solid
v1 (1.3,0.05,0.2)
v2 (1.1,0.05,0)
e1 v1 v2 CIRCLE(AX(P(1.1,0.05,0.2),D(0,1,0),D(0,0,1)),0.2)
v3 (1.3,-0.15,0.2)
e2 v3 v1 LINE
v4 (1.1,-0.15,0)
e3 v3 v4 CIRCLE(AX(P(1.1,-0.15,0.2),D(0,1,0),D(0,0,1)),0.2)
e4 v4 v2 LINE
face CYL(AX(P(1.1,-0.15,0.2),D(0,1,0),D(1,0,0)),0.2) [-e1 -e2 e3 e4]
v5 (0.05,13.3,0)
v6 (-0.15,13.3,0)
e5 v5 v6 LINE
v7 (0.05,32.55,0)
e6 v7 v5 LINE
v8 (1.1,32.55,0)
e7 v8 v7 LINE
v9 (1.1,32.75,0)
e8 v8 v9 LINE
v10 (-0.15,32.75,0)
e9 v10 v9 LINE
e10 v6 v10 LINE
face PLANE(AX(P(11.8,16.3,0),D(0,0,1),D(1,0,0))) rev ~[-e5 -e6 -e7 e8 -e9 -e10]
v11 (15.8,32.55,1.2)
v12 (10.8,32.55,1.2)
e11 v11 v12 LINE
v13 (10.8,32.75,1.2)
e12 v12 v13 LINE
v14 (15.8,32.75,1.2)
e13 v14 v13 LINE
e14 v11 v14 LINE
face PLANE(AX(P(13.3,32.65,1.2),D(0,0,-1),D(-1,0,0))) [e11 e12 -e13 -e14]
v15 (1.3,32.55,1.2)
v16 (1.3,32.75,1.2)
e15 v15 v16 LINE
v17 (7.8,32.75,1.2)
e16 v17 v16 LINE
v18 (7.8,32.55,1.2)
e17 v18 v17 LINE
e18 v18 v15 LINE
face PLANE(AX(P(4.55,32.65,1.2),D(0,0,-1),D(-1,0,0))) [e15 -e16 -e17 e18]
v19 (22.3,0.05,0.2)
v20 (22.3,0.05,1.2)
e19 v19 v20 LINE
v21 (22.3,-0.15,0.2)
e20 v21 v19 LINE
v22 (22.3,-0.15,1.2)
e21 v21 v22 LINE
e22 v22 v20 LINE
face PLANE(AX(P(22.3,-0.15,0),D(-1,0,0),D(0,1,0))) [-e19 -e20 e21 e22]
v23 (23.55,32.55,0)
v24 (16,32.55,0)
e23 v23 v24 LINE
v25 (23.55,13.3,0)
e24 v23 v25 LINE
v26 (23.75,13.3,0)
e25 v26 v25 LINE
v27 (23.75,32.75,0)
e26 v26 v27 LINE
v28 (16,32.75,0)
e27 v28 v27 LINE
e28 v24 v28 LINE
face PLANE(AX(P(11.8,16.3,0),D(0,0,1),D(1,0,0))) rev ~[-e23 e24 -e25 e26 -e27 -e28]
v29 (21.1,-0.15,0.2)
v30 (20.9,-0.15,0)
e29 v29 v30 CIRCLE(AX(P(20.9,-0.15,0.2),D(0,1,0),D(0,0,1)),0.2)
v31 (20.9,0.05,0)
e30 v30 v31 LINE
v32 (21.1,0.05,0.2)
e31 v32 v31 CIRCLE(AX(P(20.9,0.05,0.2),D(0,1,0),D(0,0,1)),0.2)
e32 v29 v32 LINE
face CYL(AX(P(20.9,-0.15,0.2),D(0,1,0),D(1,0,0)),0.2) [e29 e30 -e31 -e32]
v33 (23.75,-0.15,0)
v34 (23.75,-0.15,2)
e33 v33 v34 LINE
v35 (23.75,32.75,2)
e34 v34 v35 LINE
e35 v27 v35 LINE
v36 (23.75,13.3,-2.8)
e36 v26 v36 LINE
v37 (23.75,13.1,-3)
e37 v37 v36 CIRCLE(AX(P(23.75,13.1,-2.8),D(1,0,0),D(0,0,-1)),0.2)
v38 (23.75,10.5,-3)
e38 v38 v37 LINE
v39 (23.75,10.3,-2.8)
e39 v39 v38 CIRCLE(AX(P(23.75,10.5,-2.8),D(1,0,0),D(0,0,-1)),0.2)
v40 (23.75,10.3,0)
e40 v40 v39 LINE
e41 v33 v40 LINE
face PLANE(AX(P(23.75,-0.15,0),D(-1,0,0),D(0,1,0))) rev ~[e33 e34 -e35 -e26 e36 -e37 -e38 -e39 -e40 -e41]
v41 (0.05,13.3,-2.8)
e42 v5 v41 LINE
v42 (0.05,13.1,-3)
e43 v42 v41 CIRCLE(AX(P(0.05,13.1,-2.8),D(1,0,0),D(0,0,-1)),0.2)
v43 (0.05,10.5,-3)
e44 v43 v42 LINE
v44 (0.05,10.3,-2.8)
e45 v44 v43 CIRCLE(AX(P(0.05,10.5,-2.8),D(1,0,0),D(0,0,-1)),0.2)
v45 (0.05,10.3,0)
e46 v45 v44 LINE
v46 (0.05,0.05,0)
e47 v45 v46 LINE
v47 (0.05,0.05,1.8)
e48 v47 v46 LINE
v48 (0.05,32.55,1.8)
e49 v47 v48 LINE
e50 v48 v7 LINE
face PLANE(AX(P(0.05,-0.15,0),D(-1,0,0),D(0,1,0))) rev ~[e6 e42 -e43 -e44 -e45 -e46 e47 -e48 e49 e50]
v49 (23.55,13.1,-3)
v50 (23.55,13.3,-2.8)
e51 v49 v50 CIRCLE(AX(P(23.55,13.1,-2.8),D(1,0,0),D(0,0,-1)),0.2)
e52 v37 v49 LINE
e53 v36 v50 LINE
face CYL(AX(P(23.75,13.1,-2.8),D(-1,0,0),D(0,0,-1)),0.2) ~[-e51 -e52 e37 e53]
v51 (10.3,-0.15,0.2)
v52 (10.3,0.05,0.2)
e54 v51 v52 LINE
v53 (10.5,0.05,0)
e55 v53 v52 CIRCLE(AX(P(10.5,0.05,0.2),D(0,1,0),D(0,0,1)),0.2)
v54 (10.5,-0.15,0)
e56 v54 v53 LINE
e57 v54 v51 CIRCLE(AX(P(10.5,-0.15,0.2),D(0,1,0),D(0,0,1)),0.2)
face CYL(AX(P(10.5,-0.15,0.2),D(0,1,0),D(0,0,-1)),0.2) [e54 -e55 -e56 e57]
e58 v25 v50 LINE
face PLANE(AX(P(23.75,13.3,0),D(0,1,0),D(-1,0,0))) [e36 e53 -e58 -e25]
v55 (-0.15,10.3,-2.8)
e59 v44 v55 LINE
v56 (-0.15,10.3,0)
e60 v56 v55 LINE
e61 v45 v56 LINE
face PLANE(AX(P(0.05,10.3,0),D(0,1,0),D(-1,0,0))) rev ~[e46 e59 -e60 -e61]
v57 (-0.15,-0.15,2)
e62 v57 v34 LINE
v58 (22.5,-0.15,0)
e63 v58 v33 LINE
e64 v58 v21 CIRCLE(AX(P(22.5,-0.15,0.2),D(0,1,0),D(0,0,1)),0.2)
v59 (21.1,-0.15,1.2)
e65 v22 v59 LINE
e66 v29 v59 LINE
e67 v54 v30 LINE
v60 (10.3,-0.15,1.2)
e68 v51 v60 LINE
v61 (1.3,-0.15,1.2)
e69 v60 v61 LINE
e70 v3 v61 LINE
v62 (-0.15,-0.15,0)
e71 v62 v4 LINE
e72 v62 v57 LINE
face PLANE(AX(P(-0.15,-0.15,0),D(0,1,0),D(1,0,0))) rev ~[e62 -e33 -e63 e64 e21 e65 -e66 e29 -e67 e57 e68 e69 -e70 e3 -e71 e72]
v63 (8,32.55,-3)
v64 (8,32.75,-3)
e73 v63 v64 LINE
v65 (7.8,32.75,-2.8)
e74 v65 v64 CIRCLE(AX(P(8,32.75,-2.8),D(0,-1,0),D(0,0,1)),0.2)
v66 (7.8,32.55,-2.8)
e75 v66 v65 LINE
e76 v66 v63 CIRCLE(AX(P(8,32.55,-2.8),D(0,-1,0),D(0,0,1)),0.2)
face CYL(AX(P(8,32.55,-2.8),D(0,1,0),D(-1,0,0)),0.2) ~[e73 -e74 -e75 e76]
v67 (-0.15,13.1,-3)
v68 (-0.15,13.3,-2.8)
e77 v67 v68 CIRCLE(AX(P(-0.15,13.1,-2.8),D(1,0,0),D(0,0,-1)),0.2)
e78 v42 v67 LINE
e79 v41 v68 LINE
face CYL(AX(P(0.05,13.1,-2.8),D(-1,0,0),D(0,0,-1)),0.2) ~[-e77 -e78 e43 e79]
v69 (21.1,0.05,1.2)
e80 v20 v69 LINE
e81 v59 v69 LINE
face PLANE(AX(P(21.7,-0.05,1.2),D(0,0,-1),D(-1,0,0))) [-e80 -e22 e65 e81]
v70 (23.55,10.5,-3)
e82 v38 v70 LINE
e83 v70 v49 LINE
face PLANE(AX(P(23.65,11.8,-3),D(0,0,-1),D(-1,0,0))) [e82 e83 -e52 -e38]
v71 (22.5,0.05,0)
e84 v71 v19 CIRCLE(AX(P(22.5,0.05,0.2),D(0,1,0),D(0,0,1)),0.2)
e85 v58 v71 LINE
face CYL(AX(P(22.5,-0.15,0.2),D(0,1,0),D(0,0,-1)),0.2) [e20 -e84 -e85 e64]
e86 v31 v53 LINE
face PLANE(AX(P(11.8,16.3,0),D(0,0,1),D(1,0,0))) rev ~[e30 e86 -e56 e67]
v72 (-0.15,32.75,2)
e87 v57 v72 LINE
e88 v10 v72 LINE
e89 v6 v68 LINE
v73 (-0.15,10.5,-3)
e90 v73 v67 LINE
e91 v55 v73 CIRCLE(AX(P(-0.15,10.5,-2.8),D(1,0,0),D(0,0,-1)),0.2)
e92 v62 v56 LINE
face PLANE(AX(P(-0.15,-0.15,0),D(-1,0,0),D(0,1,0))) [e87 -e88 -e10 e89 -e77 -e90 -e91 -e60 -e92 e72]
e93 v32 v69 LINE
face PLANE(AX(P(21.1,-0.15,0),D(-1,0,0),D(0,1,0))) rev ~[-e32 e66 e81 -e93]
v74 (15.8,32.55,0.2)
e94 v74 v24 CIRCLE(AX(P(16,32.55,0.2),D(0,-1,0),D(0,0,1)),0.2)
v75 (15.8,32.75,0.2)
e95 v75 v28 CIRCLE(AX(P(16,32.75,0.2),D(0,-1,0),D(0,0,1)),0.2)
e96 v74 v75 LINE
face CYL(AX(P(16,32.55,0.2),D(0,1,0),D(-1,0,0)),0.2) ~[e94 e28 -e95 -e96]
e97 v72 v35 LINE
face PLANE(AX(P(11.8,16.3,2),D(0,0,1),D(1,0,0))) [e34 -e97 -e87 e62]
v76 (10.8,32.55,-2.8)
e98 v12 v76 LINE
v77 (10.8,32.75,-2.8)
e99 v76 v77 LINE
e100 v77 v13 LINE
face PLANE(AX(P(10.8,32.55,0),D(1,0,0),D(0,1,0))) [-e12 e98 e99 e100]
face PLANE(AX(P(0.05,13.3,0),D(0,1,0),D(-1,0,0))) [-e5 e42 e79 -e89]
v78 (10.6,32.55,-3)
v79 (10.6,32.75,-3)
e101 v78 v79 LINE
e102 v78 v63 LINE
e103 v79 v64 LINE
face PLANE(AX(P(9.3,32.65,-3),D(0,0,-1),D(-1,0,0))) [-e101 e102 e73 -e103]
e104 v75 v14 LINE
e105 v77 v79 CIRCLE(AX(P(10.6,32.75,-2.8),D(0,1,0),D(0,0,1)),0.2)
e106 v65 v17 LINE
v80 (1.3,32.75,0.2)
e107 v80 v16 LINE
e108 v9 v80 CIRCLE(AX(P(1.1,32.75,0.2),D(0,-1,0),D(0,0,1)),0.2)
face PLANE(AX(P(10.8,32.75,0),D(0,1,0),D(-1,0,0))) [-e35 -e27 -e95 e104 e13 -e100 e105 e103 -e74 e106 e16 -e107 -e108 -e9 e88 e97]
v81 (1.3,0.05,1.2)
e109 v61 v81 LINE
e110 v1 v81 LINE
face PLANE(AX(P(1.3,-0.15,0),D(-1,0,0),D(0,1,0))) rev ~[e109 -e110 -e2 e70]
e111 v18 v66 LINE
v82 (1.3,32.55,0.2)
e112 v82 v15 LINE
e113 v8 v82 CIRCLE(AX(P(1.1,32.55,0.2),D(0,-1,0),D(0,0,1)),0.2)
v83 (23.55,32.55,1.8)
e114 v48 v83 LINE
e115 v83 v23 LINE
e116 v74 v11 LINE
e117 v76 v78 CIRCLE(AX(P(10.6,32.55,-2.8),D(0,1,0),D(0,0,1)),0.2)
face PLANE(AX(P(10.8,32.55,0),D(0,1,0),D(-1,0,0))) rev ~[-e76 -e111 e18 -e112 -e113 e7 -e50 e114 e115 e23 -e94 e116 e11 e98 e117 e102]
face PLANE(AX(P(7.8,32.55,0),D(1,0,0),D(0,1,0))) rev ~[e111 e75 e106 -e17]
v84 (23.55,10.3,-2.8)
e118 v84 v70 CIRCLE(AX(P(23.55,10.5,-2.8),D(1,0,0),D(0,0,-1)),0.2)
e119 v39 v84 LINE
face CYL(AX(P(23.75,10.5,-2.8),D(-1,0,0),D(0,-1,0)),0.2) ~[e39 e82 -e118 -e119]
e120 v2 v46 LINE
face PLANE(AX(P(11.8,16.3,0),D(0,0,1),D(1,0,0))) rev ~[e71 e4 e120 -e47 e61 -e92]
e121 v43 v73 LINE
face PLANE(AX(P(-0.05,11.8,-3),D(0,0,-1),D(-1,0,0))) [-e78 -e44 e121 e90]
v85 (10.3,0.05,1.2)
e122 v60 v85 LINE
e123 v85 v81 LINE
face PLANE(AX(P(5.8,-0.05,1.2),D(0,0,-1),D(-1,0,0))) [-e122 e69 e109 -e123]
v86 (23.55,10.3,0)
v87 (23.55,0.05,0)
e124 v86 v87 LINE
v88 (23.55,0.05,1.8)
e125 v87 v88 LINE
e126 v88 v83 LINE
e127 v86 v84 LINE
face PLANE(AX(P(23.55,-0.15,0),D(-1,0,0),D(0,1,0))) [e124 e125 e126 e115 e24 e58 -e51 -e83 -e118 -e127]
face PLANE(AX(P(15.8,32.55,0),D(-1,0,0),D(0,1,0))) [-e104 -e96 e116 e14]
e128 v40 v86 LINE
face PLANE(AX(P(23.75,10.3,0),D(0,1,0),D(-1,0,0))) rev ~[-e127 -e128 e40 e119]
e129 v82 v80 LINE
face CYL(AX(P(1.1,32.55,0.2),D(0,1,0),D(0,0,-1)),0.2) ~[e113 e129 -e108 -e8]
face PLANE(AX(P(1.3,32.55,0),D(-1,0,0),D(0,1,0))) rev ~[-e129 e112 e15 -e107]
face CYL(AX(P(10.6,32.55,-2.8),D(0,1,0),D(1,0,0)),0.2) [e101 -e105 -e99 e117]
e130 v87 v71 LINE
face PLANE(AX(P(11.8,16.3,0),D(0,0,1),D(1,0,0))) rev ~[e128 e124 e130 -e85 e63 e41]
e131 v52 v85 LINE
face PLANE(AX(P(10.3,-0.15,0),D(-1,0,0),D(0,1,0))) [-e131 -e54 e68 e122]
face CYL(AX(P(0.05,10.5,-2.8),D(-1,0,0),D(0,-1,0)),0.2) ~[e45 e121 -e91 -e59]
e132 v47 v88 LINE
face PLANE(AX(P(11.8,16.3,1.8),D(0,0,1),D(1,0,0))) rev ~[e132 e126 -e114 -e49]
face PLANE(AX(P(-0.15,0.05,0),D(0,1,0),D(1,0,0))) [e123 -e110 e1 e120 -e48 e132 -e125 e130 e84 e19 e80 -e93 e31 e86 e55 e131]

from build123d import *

# Parameters (mm, degrees)
SKETCH_1_W          = 23.9
SKETCH_1_H          = 32.9
EXTRUDE_1_DEPTH     = 2
SHELL_1_T           = -0.2
SKETCH_3_2_W        = 9
SKETCH_3_2_H        = 0.2
SKETCH_3_2_W_2      = 1.2
SKETCH_3_2_W_3      = 5
SKETCH_3_2_W_4      = 6.5
CUT_EXTRUDE_3_DEPTH = 1.2
SKETCH_3_W          = 3
SKETCH_3_H          = 0.2
SKETCH_3_W_2        = 0.2
SKETCH_3_H_2        = 3
EXTRUDE_2_DEPTH     = 3
FILLET_1_R          = 0.2


with BuildPart() as part:
    # Sketch 1 → Extrude 1 (new body)
    with BuildSketch(Plane.XY):
        with Locations((11.8, 16.3)):
            Rectangle(SKETCH_1_W, SKETCH_1_H)
    extrude(amount=EXTRUDE_1_DEPTH)

    # Shell 1
    shell_1_openings = [part.faces().sort_by_distance(p)[0] for p in [
        (11.8, 16.3, 0),
    ]]
    offset(amount=SHELL_1_T, openings=shell_1_openings, kind=Kind.INTERSECTION)

    # Sketch 3_2 → Cut-Extrude 3 (cut)
    with BuildSketch(Plane(origin=(0, 0, 0), x_dir=(-1, 0, 0), z_dir=(0, 0, -1))):
        with Locations((-5.8, -0.05)):
            Rectangle(SKETCH_3_2_W, SKETCH_3_2_H)
        with Locations((-21.7, -0.05)):
            Rectangle(SKETCH_3_2_W_2, SKETCH_3_2_H)
        with Locations((-13.3, 32.65)):
            Rectangle(SKETCH_3_2_W_3, SKETCH_3_2_H)
        with Locations((-4.55, 32.65)):
            Rectangle(SKETCH_3_2_W_4, SKETCH_3_2_H)
    extrude(amount=-CUT_EXTRUDE_3_DEPTH, mode=Mode.SUBTRACT)

    # Sketch 3 → Extrude 2 (add)
    with BuildSketch(Plane(origin=(0, 0, 0), x_dir=(-1, 0, 0), z_dir=(0, 0, -1))):
        with Locations((-9.3, 32.65)):
            Rectangle(SKETCH_3_W, SKETCH_3_H)
        with Locations((-23.65, 11.8)):
            Rectangle(SKETCH_3_W_2, SKETCH_3_H_2)
        with Locations((0.05, 11.8)):
            Rectangle(SKETCH_3_W_2, SKETCH_3_H_2)
    extrude(amount=EXTRUDE_2_DEPTH)

    # Fillet 1
    fillet_1_edges = [part.edges().sort_by_distance(p)[0] for p in [
        (-0.05, 13.3, -3),
        (-0.05, 10.3, -3),
        (23.65, 13.3, -3),
        (23.65, 10.3, -3),
        (1.3, -0.05, 0),
        (10.3, -0.05, 0),
        (21.1, -0.05, 0),
        (22.3, -0.05, 0),
        (15.8, 32.65, 0),
        (1.3, 32.65, 0),
        (7.8, 32.65, -3),
        (10.8, 32.65, -3),
    ]]
    fillet(fillet_1_edges, radius=FILLET_1_R)


solid = part.part
